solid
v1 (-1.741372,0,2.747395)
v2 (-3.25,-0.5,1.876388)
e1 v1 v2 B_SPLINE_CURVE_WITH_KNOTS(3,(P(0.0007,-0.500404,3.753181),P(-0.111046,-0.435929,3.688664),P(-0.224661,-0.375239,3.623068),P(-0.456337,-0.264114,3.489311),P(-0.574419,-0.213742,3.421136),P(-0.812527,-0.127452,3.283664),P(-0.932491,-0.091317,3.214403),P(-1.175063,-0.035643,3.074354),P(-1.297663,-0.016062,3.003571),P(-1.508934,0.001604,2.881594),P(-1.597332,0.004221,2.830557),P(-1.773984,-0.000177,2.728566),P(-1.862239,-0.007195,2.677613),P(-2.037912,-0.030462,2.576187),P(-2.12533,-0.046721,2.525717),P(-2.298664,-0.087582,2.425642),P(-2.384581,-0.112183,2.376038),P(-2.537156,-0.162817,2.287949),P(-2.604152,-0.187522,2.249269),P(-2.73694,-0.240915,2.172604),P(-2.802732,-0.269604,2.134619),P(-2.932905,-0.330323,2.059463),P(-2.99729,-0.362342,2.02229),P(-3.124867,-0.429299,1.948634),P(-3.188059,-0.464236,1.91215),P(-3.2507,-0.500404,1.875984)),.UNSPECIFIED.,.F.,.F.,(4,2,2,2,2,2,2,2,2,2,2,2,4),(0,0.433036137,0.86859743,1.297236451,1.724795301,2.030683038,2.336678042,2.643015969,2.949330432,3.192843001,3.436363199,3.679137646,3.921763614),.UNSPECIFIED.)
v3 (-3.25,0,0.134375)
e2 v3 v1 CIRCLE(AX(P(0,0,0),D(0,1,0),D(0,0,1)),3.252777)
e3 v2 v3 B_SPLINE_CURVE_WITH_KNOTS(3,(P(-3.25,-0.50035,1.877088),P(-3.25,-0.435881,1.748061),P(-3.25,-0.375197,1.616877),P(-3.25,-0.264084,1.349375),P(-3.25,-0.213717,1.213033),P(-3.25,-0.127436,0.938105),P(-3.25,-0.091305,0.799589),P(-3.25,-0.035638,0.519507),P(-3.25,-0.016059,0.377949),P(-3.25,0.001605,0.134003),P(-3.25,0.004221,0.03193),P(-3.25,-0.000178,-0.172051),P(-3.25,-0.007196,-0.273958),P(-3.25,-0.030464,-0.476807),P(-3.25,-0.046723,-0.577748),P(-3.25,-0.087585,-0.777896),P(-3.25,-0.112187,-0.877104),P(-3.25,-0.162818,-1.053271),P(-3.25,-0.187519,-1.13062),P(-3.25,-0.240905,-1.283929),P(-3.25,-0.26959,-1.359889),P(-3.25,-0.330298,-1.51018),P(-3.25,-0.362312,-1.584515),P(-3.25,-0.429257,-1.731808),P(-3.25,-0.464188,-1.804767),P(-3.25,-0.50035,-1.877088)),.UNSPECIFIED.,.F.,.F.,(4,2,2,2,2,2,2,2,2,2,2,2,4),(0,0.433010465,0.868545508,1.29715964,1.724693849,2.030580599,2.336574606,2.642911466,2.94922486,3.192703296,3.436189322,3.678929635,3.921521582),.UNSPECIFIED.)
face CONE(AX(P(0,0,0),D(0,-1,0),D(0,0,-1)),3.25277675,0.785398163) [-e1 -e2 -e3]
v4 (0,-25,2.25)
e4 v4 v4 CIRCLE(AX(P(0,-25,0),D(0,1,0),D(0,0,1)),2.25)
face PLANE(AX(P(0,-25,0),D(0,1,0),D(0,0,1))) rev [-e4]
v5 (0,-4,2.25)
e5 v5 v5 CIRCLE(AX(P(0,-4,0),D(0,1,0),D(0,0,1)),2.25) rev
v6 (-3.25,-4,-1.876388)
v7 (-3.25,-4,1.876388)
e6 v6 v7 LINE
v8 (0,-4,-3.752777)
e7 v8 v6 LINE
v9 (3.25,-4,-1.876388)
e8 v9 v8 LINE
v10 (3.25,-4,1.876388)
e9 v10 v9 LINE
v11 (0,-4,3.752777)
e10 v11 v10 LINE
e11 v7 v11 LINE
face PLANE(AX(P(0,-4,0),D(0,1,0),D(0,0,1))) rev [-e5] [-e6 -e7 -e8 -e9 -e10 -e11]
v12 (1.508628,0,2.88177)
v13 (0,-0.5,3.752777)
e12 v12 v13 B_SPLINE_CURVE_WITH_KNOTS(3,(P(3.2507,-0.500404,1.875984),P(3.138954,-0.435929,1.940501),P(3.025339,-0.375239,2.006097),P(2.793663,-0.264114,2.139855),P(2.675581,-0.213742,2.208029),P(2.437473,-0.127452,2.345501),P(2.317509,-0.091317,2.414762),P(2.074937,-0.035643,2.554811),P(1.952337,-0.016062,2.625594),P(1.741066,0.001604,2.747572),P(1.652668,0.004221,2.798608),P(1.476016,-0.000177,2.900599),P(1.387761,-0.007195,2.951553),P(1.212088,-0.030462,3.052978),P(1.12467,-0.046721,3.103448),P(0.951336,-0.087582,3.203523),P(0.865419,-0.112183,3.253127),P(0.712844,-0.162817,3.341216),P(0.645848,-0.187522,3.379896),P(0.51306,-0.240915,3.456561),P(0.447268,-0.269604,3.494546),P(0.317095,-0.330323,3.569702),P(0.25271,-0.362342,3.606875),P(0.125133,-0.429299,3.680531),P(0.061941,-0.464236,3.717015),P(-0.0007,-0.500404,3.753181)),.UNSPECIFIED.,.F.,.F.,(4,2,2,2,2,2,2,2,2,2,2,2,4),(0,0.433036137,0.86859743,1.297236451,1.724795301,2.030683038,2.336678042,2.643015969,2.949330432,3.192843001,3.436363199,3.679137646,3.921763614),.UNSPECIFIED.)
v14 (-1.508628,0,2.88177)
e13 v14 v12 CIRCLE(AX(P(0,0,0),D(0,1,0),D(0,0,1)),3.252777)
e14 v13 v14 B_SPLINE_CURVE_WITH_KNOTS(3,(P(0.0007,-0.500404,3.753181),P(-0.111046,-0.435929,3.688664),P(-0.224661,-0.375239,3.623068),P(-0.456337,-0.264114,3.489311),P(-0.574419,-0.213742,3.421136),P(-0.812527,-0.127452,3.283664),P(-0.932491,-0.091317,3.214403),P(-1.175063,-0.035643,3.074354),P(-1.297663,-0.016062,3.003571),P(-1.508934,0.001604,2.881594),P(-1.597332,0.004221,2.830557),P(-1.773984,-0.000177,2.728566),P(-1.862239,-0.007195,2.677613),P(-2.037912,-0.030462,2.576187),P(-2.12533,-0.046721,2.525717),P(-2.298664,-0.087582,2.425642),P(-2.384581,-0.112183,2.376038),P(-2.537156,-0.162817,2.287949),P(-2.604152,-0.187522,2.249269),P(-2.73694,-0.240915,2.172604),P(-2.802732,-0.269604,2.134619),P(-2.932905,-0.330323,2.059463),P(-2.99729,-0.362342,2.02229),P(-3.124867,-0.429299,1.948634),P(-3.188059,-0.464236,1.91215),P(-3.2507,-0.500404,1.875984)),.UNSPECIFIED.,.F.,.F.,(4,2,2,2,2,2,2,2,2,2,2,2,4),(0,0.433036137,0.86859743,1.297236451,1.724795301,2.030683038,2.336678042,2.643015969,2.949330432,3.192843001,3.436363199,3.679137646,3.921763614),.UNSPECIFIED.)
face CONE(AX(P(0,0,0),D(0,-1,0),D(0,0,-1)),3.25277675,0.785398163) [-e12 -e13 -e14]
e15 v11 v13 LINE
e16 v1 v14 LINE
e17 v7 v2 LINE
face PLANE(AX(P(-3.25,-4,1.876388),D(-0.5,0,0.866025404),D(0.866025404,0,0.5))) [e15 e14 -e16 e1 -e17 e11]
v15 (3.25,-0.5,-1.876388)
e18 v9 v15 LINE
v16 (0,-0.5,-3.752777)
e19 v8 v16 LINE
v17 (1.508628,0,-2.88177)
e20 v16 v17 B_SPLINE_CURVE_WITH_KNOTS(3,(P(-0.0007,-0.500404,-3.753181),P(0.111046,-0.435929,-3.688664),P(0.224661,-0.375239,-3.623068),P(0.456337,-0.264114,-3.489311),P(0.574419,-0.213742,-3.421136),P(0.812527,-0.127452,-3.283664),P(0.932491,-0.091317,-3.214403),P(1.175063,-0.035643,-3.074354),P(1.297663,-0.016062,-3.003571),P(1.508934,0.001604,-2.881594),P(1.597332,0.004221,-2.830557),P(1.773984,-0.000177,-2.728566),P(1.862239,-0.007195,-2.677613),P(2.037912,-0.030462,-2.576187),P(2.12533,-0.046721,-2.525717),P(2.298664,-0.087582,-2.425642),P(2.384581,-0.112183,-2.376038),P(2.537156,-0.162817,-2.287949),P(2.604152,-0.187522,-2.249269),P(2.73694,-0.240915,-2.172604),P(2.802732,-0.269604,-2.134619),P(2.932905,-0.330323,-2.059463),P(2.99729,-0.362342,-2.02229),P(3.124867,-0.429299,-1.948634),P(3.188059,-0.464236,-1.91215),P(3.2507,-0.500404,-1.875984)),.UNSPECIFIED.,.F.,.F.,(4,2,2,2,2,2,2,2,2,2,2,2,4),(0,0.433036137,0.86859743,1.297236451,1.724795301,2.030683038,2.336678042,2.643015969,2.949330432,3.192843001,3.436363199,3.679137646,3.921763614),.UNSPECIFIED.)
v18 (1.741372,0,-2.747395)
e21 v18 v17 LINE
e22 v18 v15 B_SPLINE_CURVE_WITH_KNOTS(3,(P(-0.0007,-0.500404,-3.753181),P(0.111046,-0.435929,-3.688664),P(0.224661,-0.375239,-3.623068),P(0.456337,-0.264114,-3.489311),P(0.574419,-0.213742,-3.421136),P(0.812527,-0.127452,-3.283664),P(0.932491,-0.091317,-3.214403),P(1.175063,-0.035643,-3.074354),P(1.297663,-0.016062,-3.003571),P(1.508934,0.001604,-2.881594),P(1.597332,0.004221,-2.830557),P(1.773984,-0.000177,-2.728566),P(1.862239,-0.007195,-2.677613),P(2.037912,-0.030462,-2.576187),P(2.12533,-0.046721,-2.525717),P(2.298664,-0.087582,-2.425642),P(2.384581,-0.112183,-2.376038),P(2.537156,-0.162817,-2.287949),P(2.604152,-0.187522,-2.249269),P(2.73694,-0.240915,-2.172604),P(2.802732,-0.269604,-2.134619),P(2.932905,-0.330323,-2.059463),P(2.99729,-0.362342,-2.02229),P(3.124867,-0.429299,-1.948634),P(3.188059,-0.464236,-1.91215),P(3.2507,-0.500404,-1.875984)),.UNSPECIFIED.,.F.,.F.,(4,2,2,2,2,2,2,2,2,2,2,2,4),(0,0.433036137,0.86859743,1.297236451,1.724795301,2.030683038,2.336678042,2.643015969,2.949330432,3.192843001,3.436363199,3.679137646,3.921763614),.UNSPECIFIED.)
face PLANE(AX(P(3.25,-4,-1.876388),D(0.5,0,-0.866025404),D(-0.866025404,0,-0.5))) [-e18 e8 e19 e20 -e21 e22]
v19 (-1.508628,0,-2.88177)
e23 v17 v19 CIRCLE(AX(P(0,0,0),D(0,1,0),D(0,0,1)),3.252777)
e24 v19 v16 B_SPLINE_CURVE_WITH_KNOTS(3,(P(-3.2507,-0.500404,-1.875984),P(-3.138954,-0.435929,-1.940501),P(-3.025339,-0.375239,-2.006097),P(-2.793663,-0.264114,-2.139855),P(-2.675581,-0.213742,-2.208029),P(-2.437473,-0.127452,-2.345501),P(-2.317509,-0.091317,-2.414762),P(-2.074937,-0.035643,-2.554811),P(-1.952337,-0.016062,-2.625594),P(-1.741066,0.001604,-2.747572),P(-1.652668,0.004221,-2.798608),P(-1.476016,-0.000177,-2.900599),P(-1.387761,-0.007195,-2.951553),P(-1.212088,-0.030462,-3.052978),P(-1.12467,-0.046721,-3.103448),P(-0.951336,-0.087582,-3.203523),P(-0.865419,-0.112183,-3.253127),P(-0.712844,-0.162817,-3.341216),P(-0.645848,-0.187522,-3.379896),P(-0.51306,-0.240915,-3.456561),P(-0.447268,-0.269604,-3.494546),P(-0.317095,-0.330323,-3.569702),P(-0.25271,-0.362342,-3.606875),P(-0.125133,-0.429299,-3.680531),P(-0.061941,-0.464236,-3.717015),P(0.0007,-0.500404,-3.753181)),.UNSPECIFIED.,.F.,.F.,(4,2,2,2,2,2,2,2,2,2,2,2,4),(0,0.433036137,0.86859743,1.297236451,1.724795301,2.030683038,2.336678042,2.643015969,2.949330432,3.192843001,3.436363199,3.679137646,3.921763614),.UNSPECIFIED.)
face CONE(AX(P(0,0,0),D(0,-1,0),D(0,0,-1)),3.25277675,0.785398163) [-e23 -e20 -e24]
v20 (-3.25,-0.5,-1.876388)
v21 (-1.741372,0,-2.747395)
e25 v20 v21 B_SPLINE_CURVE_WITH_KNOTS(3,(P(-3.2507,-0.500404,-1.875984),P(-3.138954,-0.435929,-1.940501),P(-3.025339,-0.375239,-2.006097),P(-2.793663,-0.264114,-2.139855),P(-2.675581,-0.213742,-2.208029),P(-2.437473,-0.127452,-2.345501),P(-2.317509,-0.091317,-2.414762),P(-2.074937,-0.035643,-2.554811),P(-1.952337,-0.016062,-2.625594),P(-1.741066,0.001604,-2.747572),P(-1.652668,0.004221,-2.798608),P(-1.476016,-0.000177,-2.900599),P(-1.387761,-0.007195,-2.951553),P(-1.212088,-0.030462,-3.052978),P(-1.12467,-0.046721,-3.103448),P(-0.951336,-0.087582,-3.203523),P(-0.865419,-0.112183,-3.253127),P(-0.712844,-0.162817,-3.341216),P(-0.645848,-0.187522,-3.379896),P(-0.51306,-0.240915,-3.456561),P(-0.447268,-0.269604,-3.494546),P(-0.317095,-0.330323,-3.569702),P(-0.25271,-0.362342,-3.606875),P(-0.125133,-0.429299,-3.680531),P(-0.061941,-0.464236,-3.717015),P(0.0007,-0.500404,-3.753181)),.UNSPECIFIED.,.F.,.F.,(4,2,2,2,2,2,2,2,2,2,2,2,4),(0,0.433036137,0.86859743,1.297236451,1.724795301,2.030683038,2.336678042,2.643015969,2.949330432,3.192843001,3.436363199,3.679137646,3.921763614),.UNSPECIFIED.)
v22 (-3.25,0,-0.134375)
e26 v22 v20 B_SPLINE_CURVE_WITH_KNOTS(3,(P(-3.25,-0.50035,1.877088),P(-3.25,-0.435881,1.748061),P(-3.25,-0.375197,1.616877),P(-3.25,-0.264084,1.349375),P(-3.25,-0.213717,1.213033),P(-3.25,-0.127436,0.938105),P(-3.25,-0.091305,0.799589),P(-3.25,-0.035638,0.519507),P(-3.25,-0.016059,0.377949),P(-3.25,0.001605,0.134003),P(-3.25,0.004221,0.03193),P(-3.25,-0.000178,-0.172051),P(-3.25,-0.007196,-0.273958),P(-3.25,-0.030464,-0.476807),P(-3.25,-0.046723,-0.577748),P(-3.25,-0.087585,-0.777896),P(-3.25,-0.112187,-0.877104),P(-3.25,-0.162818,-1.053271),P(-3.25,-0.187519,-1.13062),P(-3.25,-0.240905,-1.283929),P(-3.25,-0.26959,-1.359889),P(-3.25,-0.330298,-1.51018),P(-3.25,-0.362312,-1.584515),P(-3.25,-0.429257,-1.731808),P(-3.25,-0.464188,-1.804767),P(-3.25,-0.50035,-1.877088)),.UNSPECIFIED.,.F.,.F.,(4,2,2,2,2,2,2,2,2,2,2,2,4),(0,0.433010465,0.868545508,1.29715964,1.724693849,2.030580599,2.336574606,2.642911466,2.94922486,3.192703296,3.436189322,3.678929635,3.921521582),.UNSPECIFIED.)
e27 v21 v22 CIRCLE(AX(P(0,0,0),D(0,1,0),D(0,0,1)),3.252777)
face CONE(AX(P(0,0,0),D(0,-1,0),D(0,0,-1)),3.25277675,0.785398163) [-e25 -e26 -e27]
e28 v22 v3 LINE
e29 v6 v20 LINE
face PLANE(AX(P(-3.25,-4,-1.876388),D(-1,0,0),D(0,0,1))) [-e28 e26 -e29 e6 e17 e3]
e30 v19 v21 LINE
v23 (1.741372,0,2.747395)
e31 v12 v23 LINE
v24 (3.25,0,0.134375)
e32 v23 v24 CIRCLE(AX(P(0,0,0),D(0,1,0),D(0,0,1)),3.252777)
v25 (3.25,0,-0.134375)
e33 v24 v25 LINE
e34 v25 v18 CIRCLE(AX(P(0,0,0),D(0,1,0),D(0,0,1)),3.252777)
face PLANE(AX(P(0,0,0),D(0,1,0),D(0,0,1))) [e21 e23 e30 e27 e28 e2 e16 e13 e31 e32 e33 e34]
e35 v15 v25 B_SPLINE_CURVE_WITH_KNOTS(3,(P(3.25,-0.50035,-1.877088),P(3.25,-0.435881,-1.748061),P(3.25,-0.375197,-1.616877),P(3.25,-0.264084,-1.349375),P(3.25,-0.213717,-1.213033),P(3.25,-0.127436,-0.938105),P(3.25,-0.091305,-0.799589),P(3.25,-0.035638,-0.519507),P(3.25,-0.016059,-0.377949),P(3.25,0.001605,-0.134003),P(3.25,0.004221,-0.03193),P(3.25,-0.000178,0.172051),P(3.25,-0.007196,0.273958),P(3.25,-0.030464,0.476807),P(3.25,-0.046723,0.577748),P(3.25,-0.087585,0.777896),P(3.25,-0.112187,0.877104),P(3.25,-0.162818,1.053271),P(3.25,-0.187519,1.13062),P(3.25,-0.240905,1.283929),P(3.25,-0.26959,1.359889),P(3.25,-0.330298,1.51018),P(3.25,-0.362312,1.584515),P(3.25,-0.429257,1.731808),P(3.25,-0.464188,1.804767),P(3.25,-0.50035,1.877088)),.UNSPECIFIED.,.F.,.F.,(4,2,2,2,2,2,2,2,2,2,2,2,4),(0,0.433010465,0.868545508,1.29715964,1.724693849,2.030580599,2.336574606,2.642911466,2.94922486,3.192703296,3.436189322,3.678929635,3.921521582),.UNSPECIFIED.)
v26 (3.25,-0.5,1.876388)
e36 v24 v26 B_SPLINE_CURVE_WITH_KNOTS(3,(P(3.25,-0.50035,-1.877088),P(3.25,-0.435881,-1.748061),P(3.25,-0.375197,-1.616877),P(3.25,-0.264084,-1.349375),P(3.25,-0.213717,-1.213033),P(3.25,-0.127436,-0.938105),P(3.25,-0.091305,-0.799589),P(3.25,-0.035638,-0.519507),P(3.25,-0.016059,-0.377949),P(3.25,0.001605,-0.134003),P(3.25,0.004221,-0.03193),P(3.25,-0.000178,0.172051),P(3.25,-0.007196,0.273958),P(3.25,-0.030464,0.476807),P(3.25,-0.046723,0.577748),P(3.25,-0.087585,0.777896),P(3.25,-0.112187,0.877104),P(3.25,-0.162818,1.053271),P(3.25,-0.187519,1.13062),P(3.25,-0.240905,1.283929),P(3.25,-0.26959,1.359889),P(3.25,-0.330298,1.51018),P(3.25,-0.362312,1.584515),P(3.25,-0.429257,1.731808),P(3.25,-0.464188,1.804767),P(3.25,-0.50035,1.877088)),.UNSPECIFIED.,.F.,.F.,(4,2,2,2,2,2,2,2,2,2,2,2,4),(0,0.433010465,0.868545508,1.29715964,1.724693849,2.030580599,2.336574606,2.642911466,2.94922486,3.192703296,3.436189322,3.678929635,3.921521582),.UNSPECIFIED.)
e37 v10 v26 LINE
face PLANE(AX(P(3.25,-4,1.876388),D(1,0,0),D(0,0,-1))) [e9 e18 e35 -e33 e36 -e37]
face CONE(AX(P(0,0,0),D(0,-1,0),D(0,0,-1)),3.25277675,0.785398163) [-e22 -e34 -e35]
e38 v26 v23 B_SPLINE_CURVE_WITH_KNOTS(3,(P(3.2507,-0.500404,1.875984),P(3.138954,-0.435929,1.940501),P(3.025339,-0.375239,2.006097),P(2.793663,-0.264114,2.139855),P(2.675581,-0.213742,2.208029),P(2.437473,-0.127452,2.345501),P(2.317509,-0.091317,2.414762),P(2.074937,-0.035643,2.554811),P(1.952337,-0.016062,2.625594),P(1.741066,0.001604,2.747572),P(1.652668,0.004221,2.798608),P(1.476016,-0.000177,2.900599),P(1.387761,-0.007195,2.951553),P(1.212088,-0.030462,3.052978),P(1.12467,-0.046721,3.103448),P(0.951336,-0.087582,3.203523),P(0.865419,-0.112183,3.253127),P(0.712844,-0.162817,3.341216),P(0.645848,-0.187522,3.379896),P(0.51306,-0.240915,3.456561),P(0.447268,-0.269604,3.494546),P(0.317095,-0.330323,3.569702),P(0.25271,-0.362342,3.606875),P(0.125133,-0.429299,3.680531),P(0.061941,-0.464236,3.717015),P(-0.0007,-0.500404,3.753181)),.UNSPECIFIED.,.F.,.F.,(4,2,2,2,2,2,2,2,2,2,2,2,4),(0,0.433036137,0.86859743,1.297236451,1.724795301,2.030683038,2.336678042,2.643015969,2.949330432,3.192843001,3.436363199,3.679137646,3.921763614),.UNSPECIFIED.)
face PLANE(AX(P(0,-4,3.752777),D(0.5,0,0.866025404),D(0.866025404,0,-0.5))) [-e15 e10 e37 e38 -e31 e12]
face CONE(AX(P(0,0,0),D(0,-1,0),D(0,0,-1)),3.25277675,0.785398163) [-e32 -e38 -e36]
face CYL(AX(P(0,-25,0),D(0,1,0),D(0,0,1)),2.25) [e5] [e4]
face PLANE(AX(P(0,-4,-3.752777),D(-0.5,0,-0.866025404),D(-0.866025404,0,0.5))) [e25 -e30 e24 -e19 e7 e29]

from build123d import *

# Parameters (mm, degrees)
SKETCH2_R           = 2.25
BOSS_EXTRUDE1_DEPTH = 25
BOSS_EXTRUDE3_DEPTH = 4


with BuildPart() as part:
    # Sketch2 → Boss-Extrude1 (new body)
    with BuildSketch(Plane(origin=(0, 0, 0), x_dir=(1, 0, 0), z_dir=(0, 1, 0))):
        with Locations(Location((0, 0, 0), (0, 0, 270))):
            Circle(SKETCH2_R)
    extrude(amount=-BOSS_EXTRUDE1_DEPTH)

    # Sketch3 → Boss-Extrude3 (add)
    with BuildSketch(Plane(origin=(0, 0, 0), x_dir=(1, 0, 0), z_dir=(0, 1, 0))):
        Polygon((0, 3.75277675), (-3.25, 1.876388375), (-3.25, -1.876388375), (0, -3.75277675), (3.25, -1.876388375), (3.25, 1.876388375), align=None)
    extrude(amount=-BOSS_EXTRUDE3_DEPTH)

    # Sketch5 → Cut-Revolve2 (revolve, cut)
    with BuildSketch(Plane(origin=(0, 0, 0), x_dir=(0, 0, -1), z_dir=(1, 0, 0))):
        Polygon((3.25277675, 0), (3.75277675, 0), (3.75277675, -0.5), align=None)
    revolve(axis=Axis((0, 0, 0), (0, -1, 0)), mode=Mode.SUBTRACT)


solid = part.part
